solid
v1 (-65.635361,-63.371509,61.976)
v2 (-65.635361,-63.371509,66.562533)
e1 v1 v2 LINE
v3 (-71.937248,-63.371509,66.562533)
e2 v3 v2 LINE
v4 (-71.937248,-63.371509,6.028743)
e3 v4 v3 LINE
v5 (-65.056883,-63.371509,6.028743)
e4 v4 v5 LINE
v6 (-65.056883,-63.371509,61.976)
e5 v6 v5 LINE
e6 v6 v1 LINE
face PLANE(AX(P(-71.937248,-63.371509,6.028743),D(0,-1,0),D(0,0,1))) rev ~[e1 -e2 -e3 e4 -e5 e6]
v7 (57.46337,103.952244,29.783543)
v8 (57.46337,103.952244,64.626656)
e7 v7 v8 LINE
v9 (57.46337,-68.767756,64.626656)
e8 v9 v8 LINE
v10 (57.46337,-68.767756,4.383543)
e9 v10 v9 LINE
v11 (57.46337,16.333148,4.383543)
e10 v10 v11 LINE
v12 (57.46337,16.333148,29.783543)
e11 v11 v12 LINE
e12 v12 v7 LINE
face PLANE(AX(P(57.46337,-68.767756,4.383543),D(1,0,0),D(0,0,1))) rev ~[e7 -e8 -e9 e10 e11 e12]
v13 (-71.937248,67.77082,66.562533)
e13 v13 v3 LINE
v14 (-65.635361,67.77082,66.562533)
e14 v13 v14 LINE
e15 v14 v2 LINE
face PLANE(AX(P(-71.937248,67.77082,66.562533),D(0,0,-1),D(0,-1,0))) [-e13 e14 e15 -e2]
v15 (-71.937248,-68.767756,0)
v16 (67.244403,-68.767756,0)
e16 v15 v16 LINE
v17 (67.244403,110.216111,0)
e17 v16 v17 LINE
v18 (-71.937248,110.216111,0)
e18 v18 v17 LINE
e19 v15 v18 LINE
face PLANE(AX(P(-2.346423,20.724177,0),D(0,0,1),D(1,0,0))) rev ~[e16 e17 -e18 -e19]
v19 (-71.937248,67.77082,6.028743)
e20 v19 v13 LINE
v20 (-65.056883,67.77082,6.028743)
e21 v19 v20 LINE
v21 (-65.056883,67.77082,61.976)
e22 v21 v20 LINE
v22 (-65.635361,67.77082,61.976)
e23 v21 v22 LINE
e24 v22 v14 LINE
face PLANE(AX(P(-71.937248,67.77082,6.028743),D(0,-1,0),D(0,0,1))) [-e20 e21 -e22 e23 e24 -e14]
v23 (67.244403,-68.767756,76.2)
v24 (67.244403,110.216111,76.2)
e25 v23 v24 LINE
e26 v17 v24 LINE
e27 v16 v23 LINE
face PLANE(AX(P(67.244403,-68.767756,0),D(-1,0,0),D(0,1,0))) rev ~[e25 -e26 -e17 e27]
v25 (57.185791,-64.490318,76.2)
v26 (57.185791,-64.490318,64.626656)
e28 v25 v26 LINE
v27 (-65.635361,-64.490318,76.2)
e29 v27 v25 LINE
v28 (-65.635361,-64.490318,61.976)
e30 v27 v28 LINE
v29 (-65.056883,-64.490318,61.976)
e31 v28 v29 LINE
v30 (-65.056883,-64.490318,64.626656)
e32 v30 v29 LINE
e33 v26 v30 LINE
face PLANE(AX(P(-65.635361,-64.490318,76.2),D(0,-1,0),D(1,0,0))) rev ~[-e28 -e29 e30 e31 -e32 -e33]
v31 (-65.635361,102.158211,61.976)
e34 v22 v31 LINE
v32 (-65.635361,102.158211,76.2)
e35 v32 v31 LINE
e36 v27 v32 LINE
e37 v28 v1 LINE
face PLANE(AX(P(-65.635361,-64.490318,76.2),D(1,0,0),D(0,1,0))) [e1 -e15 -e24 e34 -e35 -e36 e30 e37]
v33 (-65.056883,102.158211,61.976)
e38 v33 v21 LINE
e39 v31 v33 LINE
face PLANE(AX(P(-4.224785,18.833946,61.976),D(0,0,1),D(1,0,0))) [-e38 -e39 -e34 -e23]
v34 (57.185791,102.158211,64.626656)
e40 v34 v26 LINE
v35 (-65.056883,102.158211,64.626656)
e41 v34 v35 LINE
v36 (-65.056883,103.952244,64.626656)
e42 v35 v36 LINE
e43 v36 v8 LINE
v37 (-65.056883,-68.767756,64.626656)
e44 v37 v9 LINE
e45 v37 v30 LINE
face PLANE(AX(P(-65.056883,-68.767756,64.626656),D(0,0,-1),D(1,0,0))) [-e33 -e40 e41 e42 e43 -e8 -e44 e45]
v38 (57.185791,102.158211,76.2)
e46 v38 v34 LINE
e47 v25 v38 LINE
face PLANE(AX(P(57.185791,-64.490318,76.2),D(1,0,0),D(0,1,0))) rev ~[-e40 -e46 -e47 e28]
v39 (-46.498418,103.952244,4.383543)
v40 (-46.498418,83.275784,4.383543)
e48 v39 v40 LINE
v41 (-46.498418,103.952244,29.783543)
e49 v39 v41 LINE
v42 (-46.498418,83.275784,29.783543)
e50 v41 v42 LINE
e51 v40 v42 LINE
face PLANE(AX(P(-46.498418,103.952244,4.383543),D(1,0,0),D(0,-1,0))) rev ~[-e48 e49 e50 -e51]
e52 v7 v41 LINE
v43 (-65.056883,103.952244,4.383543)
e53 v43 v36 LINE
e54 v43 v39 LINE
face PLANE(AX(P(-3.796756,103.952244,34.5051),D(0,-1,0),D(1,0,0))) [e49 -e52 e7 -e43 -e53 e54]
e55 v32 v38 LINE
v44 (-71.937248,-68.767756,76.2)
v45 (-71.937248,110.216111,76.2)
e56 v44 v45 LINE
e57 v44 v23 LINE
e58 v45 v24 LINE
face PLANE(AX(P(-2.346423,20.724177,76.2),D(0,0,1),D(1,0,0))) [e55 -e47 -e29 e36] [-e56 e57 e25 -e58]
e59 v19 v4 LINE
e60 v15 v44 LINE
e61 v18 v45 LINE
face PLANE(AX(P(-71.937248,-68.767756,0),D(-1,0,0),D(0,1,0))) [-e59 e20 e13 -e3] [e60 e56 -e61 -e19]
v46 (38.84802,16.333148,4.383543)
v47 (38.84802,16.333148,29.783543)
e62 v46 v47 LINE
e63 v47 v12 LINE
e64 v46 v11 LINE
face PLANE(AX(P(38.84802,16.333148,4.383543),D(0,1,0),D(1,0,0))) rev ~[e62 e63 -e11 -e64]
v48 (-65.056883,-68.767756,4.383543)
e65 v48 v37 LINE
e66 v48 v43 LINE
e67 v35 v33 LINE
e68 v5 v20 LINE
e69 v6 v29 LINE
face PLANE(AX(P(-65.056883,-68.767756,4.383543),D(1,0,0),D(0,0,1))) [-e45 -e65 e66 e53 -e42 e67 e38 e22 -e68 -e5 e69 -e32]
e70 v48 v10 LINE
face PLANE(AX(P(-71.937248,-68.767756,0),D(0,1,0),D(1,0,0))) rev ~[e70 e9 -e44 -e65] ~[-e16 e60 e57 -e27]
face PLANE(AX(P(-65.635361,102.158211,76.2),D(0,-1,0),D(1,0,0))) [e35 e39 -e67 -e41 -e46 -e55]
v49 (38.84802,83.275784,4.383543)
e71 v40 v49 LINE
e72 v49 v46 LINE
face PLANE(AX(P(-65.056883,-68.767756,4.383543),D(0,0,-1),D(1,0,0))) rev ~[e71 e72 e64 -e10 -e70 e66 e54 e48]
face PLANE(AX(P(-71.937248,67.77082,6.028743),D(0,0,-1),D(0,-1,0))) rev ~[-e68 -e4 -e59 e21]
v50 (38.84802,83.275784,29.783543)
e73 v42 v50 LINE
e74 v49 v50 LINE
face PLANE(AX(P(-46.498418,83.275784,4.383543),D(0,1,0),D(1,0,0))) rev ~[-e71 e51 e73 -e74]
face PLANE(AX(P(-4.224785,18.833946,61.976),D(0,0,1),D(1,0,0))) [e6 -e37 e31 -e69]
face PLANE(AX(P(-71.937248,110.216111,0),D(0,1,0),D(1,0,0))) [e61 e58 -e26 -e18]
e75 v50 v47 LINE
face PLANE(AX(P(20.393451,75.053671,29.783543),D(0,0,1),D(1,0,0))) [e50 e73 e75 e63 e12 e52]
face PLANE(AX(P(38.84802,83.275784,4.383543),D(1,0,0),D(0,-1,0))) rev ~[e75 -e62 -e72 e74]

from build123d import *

# Parameters (mm, degrees)
F0_W     = 139.181651175
F0_H     = 178.9838671684
F1_DEPTH = 76.2
F2_W     = 122.5202530622
F2_H     = 60.2431138977
F3_DEPTH = 172.72
F4_W     = 131.1423294246
F4_H     = 60.5337903835
F5_DEPTH = 25.4
F7_DEPTH = 25.4
F8_W     = 122.8211522102
F8_H     = 166.64852947
F9_DEPTH = 14.224


with BuildPart() as f1:
    # F0 (on Top) → F1 (new body)
    with BuildSketch(Plane.XY):
        with Locations((-2.3464225233, 20.7241773605)):
            Rectangle(F0_W, F0_H)
    extrude(amount=F1_DEPTH)

    # F2 (on face) → F3 (cut)
    with BuildSketch(Plane.XZ.offset(68.7677562237)):
        with Locations((-3.7967562675, 34.5050995238)):
            Rectangle(F2_W, F2_H)
    extrude(amount=-F3_DEPTH, mode=Mode.SUBTRACT)

    # F4 (on face) → F5 (cut)
    with BuildSketch(Plane(origin=(-71.9372481108, 0, 0), x_dir=(0, -1, 0), z_dir=(-1, 0, 0))):
        with Locations((-2.1996553987, 36.2956381869)):
            Rectangle(F4_W, F4_H)
    extrude(amount=-F5_DEPTH, mode=Mode.SUBTRACT)

    # F6 (on face) → F7 (join)
    with BuildSketch(Plane.XY.offset(4.3835425749)):
        Polygon((57.4633702636, 103.9522437763), (-46.4984178543, 103.9522437763), (-46.4984178543, 83.275783987), (38.8480201364, 83.275783987), (38.8480201364, 16.3331480634), (57.4633702636, 16.3331480634), align=None)
    extrude(amount=F7_DEPTH)

    # F8 (on face) → F9 (cut)
    with BuildSketch(Plane.XY.offset(76.2)):
        with Locations((-4.2247846723, 18.8339464366)):
            Rectangle(F8_W, F8_H)
    extrude(amount=-F9_DEPTH, mode=Mode.SUBTRACT)


solid = f1.part
